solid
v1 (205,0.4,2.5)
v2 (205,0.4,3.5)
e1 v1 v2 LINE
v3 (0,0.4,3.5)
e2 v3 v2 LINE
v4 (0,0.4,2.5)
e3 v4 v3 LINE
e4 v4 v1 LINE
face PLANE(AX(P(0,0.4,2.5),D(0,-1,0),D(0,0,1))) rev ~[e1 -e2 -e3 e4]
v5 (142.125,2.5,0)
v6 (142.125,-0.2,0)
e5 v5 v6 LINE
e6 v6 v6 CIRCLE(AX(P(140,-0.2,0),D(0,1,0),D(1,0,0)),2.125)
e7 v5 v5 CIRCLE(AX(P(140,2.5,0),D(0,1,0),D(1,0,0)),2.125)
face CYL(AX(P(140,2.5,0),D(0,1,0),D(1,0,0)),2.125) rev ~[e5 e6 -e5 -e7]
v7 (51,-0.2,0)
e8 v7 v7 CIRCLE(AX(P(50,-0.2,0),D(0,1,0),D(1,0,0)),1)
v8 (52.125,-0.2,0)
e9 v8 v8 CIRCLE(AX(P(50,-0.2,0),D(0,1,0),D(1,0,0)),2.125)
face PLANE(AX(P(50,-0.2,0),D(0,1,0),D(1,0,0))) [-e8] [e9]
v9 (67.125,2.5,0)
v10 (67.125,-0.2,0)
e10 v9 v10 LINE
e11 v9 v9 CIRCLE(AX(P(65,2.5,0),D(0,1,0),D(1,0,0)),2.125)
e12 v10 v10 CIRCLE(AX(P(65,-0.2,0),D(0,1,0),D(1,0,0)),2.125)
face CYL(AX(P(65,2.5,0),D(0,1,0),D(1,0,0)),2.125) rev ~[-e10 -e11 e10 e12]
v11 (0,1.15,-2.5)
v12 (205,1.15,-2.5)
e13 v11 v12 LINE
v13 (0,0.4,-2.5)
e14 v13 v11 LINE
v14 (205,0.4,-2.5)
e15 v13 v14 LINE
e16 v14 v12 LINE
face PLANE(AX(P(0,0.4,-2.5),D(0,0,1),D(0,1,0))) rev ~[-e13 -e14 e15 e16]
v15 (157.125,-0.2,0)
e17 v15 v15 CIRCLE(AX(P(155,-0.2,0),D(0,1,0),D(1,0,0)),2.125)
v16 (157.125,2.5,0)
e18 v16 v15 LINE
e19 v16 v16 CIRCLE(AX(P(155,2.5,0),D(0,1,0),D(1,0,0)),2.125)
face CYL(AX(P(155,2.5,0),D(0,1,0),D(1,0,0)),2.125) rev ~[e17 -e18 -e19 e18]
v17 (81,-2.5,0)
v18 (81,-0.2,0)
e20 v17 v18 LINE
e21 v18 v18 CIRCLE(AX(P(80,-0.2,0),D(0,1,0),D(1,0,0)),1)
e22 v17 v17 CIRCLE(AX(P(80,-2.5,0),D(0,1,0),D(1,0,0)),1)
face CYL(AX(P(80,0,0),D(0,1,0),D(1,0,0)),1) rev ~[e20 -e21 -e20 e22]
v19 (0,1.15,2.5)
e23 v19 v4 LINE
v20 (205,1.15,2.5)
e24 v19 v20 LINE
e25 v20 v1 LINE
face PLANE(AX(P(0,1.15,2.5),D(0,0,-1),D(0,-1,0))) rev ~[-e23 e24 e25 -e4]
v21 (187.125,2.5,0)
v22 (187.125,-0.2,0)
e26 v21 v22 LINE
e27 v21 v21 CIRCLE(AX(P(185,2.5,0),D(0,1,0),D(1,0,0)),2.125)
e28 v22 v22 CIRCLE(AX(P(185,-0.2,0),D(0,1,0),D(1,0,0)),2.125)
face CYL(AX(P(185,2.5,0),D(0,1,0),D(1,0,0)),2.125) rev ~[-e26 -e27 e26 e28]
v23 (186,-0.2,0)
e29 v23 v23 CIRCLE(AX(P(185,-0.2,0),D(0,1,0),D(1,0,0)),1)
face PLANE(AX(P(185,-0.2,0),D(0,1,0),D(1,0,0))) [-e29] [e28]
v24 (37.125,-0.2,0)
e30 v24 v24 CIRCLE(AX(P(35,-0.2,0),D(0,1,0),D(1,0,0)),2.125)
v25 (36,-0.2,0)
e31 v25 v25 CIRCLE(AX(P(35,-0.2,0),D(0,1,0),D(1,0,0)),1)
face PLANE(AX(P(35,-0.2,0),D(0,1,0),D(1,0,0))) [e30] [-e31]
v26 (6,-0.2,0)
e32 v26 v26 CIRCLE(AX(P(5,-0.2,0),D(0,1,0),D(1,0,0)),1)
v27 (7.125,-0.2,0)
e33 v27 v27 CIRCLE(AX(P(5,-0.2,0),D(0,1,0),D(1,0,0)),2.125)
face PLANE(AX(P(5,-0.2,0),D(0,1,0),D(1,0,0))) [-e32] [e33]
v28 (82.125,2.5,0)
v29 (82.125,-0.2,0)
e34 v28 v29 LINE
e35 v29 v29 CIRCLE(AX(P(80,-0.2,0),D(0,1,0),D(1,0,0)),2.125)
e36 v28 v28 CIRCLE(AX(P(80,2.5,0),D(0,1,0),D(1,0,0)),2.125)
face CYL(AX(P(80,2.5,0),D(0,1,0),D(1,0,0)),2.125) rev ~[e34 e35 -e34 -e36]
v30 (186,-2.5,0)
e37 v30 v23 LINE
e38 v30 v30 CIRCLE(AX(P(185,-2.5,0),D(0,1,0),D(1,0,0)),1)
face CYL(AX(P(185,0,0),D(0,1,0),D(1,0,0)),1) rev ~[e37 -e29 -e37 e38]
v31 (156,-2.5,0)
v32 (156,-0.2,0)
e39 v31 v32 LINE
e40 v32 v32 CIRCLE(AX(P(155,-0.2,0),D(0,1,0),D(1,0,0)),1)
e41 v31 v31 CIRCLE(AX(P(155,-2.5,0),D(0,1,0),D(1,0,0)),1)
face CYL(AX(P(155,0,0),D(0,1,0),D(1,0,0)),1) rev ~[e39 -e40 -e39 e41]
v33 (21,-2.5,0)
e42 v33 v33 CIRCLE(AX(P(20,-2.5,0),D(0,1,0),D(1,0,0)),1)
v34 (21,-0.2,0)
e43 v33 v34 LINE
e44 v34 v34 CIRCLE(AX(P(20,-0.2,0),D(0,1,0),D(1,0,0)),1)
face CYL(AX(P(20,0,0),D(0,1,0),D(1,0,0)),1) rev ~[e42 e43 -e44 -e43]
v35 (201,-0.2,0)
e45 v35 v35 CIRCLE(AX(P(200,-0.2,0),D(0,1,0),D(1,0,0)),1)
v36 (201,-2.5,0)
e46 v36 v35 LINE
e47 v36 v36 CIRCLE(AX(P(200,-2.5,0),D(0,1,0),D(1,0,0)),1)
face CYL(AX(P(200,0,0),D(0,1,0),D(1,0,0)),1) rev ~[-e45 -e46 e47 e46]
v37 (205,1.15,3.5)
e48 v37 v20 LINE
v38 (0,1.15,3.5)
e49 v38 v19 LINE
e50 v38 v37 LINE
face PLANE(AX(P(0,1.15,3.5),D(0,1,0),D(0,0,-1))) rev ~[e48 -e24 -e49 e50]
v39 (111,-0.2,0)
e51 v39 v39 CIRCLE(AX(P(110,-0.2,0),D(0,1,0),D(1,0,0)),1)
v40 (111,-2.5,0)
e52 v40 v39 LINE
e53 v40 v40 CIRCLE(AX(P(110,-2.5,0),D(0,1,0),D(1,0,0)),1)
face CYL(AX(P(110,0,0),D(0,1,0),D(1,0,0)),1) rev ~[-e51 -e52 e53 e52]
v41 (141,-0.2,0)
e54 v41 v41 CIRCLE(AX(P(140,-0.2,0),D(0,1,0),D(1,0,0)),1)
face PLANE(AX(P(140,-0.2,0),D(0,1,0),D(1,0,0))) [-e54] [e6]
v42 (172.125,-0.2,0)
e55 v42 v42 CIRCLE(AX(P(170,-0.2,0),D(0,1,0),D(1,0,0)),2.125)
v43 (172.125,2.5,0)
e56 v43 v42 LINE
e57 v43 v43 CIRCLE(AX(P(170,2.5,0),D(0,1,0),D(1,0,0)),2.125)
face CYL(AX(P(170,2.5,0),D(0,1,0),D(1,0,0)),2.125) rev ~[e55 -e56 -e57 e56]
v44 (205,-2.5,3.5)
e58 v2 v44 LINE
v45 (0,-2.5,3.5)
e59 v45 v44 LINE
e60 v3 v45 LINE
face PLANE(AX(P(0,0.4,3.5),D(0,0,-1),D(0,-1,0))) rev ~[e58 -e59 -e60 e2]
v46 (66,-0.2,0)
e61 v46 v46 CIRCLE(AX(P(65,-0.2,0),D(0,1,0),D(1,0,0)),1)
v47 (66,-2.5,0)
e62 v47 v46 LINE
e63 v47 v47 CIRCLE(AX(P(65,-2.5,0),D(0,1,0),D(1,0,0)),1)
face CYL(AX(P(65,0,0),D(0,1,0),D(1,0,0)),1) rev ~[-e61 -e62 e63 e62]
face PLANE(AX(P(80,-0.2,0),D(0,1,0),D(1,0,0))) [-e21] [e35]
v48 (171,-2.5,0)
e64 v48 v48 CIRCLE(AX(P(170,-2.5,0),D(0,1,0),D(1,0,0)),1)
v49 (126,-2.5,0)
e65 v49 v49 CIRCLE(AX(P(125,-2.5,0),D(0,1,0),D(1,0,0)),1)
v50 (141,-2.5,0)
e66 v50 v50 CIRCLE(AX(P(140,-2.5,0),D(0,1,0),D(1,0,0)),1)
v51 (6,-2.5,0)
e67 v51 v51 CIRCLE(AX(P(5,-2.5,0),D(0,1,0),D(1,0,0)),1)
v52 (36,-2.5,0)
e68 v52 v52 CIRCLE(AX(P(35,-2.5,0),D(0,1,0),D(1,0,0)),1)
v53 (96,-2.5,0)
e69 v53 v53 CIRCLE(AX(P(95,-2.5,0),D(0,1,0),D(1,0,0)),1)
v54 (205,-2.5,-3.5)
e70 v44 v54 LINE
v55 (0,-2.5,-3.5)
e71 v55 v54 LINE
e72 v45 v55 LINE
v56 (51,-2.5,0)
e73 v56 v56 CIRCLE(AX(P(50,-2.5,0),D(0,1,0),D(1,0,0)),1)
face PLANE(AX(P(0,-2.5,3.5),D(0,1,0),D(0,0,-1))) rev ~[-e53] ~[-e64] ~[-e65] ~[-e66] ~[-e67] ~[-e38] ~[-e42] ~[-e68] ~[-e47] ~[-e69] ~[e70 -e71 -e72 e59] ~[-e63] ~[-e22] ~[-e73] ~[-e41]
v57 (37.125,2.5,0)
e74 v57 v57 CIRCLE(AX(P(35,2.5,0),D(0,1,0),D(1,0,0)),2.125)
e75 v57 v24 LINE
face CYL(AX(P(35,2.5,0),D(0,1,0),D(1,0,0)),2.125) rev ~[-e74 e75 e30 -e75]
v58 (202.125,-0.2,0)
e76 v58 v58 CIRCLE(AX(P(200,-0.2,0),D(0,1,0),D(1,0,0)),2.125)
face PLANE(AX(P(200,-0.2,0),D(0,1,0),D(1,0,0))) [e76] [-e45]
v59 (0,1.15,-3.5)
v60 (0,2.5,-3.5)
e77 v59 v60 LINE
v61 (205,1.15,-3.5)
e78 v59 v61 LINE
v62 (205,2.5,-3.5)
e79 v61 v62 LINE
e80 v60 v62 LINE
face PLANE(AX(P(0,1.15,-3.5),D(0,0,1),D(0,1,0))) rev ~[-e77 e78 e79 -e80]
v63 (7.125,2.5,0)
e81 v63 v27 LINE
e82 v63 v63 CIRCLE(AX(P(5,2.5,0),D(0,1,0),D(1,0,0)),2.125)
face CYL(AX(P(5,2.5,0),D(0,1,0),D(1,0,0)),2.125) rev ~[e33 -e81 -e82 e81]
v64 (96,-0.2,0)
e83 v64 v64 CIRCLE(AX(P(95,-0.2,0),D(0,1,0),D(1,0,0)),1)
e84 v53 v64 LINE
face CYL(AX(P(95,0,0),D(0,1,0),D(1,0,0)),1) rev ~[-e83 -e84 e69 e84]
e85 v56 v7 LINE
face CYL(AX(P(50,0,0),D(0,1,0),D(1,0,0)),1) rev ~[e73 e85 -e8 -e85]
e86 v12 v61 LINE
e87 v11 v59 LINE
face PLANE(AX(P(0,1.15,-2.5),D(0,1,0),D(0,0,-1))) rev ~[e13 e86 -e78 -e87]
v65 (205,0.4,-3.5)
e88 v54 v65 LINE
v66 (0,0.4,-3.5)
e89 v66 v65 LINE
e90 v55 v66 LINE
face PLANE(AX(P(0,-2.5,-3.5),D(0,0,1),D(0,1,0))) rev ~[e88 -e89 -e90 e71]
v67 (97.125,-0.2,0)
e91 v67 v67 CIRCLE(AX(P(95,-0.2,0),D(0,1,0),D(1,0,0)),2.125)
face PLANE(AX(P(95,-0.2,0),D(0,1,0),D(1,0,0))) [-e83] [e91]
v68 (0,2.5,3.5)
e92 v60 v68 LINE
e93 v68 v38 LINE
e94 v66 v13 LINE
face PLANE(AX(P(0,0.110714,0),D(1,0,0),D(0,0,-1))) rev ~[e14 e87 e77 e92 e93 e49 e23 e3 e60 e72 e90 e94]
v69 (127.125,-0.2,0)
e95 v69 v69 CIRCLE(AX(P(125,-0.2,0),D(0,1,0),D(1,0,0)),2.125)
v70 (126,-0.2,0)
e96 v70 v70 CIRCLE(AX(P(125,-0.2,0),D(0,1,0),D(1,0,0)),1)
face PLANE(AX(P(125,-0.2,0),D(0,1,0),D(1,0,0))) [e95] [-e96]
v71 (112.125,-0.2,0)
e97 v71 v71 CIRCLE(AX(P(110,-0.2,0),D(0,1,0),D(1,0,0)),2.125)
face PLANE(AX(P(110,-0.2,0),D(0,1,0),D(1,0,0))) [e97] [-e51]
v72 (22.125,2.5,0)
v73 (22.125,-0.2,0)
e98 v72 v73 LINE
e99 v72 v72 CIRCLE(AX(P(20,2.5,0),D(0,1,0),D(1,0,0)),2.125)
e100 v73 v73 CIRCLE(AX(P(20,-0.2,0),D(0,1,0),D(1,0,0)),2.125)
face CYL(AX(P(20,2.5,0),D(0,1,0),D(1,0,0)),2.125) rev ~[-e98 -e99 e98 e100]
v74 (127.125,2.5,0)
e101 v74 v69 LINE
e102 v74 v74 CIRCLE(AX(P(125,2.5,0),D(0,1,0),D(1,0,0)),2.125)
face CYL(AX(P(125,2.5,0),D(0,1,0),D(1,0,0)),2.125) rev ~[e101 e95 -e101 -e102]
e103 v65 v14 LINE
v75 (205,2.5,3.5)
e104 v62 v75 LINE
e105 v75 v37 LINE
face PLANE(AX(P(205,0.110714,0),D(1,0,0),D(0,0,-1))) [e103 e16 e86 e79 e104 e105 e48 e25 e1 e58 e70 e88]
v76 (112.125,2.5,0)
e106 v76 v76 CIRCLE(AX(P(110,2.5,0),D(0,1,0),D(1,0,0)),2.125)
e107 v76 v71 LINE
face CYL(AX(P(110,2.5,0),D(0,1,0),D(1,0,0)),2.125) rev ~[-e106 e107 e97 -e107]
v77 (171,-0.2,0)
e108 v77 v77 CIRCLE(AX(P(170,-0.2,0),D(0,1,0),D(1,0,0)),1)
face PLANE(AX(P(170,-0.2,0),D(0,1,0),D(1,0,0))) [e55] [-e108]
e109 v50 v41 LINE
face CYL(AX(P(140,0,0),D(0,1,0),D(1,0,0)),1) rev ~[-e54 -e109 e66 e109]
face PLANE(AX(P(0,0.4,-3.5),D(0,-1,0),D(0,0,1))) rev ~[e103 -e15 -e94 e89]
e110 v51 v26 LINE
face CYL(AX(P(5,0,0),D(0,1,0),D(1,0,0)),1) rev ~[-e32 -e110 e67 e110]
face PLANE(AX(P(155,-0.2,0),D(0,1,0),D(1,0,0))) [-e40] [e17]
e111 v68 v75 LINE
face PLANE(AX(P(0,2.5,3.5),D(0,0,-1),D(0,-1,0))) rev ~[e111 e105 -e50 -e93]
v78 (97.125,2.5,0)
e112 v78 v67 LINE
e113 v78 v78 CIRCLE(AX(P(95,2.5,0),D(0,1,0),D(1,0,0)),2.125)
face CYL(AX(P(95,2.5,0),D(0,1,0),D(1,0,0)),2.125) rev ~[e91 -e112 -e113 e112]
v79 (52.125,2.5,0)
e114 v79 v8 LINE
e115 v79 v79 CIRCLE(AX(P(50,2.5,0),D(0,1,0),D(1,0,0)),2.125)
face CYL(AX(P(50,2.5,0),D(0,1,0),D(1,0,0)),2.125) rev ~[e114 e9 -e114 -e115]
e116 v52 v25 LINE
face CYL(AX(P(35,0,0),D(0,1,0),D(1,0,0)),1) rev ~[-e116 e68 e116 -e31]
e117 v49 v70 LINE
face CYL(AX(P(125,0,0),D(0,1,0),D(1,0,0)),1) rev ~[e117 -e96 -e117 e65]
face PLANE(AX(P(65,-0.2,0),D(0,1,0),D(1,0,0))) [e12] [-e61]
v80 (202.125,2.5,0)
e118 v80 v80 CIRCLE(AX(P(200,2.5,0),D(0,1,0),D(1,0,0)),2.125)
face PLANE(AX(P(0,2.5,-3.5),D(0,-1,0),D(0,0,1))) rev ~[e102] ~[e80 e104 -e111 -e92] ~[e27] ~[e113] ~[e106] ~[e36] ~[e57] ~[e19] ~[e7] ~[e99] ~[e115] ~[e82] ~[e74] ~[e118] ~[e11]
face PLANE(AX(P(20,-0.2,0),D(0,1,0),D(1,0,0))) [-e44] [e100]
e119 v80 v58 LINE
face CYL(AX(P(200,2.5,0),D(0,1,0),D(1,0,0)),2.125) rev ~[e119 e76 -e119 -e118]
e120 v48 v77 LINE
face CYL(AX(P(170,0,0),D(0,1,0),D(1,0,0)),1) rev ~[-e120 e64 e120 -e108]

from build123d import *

# Parameters (mm, degrees)
EXTRUDE_1_DEPTH        = 205
SKETCH_3_R             = 1
CUT_EXTRUDE_1_DEPTH    = 25
CUT_EXTRUDE_START      = 2.5
SKETCH_3_3_R           = 2.125
SKETCH_3_3_R_2         = 1
CUT_EXTRUDE_2_DEPTH    = 2.7
PATTERN_LINEAR_1_COUNT = 14
PATTERN_LINEAR_1_PITCH = 15


with BuildPart() as part:
    # 草图2 → 凸台-拉伸1 (new body)
    with BuildSketch(Plane(origin=(0, 0, 0), x_dir=(0, 0, -1), z_dir=(1, 0, 0))):
        Polygon((2.5, 1.15), (3.5, 1.15), (3.5, 2.5), (-3.5, 2.5), (-3.5, 1.15), (-2.5, 1.15), (-2.5, 0.4), (-3.5, 0.4), (-3.5, -2.5), (3.5, -2.5), (3.5, 0.4), (2.5, 0.4), align=None)
    extrude(amount=EXTRUDE_1_DEPTH)

    # 草图3 → 切除-拉伸1 (cut, symmetric)
    with BuildSketch(Plane(origin=(0, 0, 0), x_dir=(1, 0, 0), z_dir=(0, 1, 0))):
        with Locations((5, 0)):
            Circle(SKETCH_3_R)
    cut_extrude_1 = extrude(amount=CUT_EXTRUDE_1_DEPTH, both=True, mode=Mode.SUBTRACT)

    # 草图3<3> → 切除-拉伸2 (cut)
    with BuildSketch(Plane(origin=(0, 0, 0), x_dir=(1, 0, 0), z_dir=(0, 1, 0)).offset(CUT_EXTRUDE_START)):
        with Locations((5, 0)):
            Circle(SKETCH_3_3_R)
        with Locations((5, 0)):
            Circle(SKETCH_3_3_R_2, mode=Mode.SUBTRACT)
    cut_extrude_2 = extrude(amount=-CUT_EXTRUDE_2_DEPTH, mode=Mode.SUBTRACT)

    # 阵列(线性)1: 切除-拉伸1, 切除-拉伸2 ×14
    with Locations(*[(i * PATTERN_LINEAR_1_PITCH, 0, 0) for i in range(1, PATTERN_LINEAR_1_COUNT)]):
        add(cut_extrude_1, mode=Mode.SUBTRACT)
        add(cut_extrude_2, mode=Mode.SUBTRACT)


solid = part.part
